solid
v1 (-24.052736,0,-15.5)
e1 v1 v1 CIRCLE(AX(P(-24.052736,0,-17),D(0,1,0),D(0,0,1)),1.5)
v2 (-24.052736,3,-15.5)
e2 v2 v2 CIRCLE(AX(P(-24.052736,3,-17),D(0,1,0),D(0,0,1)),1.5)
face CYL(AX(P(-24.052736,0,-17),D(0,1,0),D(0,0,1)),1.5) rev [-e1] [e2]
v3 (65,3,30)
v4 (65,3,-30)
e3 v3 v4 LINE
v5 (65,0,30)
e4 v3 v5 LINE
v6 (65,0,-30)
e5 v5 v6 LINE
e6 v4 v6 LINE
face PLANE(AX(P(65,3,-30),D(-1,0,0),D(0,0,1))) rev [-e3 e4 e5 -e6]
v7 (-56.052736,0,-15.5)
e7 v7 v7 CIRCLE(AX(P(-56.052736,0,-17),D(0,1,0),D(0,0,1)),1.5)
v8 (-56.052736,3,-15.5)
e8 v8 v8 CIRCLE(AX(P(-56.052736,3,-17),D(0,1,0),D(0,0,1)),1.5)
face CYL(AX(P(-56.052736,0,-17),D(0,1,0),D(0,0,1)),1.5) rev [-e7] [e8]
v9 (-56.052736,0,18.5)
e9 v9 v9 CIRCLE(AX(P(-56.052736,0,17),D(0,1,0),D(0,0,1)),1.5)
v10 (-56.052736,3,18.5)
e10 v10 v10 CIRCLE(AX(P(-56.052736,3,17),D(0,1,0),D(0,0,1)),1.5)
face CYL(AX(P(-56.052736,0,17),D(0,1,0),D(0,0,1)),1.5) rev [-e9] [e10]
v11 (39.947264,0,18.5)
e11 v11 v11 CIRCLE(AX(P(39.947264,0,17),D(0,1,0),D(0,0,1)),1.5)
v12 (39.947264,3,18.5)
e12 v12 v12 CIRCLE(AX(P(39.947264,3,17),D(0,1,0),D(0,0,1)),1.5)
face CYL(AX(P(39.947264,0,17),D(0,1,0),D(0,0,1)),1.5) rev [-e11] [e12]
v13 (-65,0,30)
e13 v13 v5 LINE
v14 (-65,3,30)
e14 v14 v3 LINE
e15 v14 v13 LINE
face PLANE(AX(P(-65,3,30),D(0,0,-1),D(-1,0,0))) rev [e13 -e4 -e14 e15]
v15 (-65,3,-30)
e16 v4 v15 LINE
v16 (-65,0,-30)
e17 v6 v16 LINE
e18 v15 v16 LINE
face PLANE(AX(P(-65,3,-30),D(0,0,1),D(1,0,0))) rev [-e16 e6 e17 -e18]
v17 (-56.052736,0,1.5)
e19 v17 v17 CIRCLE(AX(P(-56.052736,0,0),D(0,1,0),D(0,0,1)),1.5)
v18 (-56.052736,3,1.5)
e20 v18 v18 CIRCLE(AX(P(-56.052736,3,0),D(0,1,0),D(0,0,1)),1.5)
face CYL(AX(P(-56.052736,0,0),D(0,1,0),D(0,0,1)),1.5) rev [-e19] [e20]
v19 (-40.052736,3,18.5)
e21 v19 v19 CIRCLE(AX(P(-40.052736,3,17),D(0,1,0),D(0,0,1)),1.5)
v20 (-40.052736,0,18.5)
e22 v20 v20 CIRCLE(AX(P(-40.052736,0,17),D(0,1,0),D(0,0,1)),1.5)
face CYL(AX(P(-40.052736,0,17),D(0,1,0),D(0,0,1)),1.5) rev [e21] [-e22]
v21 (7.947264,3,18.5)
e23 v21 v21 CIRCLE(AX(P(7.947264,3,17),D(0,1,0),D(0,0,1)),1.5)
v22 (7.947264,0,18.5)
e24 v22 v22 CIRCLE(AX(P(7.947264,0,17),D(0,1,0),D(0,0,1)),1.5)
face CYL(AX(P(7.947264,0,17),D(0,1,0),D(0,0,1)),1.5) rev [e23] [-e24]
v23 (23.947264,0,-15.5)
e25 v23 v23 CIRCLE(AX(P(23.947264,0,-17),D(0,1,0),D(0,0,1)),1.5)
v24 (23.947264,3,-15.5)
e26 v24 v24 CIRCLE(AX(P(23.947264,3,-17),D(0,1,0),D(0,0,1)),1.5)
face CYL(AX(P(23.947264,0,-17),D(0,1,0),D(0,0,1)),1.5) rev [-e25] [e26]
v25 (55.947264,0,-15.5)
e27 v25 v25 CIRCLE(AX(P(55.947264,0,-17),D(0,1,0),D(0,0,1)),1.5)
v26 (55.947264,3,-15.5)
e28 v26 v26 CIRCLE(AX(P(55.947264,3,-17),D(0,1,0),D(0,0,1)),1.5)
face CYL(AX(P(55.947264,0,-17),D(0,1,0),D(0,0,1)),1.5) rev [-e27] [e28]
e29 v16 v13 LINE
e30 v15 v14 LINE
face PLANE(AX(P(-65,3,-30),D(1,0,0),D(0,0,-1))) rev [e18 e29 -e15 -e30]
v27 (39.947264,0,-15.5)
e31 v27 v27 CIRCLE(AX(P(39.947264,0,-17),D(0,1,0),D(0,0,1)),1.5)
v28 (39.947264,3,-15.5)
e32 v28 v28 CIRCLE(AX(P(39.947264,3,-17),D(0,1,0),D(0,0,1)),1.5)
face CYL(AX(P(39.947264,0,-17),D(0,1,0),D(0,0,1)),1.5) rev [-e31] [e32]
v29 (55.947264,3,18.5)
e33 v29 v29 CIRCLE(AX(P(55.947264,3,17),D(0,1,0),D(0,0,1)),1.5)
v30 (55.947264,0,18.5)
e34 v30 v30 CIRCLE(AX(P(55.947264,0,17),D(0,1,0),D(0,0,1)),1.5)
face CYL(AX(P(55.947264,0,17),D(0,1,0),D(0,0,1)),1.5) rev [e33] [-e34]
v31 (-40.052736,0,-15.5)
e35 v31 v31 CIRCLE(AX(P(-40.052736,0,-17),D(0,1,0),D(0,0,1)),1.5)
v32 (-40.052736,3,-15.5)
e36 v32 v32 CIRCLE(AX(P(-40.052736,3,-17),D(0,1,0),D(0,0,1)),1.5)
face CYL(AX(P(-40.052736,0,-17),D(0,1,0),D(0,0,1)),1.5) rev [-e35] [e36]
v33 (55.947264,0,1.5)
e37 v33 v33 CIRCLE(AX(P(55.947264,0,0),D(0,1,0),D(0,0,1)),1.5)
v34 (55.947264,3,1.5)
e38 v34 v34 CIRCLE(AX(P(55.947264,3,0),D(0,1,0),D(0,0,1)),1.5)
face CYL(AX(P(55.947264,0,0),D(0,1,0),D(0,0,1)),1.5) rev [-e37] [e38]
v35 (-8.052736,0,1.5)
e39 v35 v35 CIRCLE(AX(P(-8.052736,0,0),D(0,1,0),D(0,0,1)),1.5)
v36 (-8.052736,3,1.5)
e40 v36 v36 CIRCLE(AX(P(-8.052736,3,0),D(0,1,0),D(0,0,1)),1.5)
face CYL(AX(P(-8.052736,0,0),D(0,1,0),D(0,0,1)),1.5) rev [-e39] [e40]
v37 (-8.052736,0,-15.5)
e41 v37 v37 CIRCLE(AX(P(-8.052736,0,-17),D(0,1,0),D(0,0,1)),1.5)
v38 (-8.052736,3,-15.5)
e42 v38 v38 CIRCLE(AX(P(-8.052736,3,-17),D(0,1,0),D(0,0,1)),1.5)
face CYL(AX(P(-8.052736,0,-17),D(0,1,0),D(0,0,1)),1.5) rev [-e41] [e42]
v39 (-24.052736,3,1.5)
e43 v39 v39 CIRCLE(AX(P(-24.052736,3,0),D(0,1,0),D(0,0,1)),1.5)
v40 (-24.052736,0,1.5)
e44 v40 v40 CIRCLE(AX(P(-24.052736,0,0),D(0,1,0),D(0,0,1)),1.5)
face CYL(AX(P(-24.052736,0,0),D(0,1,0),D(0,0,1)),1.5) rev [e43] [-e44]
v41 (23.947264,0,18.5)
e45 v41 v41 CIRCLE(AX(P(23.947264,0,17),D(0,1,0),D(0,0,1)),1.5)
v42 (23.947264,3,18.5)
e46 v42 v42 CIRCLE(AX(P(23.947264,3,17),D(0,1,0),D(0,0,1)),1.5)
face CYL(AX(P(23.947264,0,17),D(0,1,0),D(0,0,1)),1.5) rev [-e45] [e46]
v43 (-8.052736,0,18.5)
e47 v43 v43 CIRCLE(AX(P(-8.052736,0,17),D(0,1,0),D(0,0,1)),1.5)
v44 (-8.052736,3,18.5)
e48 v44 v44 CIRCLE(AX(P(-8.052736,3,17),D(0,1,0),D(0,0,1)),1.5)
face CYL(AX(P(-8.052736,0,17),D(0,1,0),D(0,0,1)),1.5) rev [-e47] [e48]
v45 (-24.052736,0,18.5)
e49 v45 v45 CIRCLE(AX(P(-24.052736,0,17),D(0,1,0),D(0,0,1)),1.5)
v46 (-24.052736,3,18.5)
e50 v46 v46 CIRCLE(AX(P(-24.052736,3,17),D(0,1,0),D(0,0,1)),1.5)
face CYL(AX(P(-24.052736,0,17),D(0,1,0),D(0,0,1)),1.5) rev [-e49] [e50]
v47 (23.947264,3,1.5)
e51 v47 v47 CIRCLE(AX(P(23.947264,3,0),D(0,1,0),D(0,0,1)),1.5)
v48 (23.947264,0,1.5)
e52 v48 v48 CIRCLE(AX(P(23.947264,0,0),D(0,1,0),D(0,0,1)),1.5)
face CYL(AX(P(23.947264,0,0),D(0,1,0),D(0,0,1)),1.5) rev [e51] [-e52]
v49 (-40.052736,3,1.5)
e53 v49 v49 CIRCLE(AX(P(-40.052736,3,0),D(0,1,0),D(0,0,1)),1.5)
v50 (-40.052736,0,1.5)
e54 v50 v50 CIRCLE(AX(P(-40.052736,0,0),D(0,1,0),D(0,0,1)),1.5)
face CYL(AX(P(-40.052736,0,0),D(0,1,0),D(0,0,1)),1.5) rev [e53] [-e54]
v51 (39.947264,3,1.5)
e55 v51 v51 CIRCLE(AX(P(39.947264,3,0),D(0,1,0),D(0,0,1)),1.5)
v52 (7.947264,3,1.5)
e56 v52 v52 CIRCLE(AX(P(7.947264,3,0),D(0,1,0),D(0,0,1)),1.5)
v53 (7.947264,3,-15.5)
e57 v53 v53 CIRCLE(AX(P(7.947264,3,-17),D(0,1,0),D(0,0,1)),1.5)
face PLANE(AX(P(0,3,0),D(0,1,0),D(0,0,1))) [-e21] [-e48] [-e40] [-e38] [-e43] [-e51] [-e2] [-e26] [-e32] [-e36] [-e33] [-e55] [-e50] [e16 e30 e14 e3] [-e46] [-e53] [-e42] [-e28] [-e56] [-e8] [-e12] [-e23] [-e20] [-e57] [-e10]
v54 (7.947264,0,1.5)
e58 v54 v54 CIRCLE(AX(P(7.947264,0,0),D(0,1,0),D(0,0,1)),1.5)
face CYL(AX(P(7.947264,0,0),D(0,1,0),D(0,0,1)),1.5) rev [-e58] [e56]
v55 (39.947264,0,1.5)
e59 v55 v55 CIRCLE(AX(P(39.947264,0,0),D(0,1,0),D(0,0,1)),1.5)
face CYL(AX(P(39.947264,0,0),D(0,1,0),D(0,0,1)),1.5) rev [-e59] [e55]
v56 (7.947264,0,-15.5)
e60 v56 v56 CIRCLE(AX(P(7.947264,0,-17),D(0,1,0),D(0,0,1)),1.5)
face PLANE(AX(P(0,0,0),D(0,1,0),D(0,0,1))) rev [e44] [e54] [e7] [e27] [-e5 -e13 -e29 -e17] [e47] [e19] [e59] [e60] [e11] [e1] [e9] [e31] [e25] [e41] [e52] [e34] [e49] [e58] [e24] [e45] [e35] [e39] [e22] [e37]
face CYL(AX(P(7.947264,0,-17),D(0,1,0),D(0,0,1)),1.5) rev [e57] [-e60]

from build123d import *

# Parameters (mm, degrees)
SKETCH_1_W          = 130
SKETCH_1_H          = 60
EXTRUDE_1_DEPTH     = 3
SKETCH_2_R          = 1.5
CUT_EXTRUDE_1_DEPTH = 3


with BuildPart() as part:
    # Эскиз1 → Бобышка-Вытянуть1 (new body)
    with BuildSketch(Plane(origin=(0, 0, 0), x_dir=(1, 0, 0), z_dir=(0, 1, 0))):
        Rectangle(SKETCH_1_W, SKETCH_1_H)
    extrude(amount=EXTRUDE_1_DEPTH)

    # Эскиз2 → Вырез-Вытянуть1 (cut)
    with BuildSketch(Plane(origin=(0, 3, 0), x_dir=(1, 0, 0), z_dir=(0, 1, 0))):
        with Locations((-56.052735869, 17)):
            Circle(SKETCH_2_R)
        with Locations((-40.052735869, 17)):
            Circle(SKETCH_2_R)
        with Locations((-24.052735869, 17)):
            Circle(SKETCH_2_R)
        with Locations((-8.052735869, 17)):
            Circle(SKETCH_2_R)
        with Locations((7.947264131, 17)):
            Circle(SKETCH_2_R)
        with Locations((23.947264131, 17)):
            Circle(SKETCH_2_R)
        with Locations((39.947264131, 17)):
            Circle(SKETCH_2_R)
        with Locations((55.947264131, 17)):
            Circle(SKETCH_2_R)
        with Locations((-56.052735869, 0)):
            Circle(SKETCH_2_R)
        with Locations((-56.052735869, -17)):
            Circle(SKETCH_2_R)
        with Locations((-40.052735869, 0)):
            Circle(SKETCH_2_R)
        with Locations((-40.052735869, -17)):
            Circle(SKETCH_2_R)
        with Locations((-24.052735869, 0)):
            Circle(SKETCH_2_R)
        with Locations((-24.052735869, -17)):
            Circle(SKETCH_2_R)
        with Locations((-8.052735869, 0)):
            Circle(SKETCH_2_R)
        with Locations((-8.052735869, -17)):
            Circle(SKETCH_2_R)
        with Locations((7.947264131, 0)):
            Circle(SKETCH_2_R)
        with Locations((7.947264131, -17)):
            Circle(SKETCH_2_R)
        with Locations((23.947264131, 0)):
            Circle(SKETCH_2_R)
        with Locations((23.947264131, -17)):
            Circle(SKETCH_2_R)
        with Locations((39.947264131, 0)):
            Circle(SKETCH_2_R)
        with Locations((39.947264131, -17)):
            Circle(SKETCH_2_R)
        with Locations((55.947264131, 0)):
            Circle(SKETCH_2_R)
        with Locations((55.947264131, -17)):
            Circle(SKETCH_2_R)
    extrude(amount=-CUT_EXTRUDE_1_DEPTH, mode=Mode.SUBTRACT)


solid = part.part
